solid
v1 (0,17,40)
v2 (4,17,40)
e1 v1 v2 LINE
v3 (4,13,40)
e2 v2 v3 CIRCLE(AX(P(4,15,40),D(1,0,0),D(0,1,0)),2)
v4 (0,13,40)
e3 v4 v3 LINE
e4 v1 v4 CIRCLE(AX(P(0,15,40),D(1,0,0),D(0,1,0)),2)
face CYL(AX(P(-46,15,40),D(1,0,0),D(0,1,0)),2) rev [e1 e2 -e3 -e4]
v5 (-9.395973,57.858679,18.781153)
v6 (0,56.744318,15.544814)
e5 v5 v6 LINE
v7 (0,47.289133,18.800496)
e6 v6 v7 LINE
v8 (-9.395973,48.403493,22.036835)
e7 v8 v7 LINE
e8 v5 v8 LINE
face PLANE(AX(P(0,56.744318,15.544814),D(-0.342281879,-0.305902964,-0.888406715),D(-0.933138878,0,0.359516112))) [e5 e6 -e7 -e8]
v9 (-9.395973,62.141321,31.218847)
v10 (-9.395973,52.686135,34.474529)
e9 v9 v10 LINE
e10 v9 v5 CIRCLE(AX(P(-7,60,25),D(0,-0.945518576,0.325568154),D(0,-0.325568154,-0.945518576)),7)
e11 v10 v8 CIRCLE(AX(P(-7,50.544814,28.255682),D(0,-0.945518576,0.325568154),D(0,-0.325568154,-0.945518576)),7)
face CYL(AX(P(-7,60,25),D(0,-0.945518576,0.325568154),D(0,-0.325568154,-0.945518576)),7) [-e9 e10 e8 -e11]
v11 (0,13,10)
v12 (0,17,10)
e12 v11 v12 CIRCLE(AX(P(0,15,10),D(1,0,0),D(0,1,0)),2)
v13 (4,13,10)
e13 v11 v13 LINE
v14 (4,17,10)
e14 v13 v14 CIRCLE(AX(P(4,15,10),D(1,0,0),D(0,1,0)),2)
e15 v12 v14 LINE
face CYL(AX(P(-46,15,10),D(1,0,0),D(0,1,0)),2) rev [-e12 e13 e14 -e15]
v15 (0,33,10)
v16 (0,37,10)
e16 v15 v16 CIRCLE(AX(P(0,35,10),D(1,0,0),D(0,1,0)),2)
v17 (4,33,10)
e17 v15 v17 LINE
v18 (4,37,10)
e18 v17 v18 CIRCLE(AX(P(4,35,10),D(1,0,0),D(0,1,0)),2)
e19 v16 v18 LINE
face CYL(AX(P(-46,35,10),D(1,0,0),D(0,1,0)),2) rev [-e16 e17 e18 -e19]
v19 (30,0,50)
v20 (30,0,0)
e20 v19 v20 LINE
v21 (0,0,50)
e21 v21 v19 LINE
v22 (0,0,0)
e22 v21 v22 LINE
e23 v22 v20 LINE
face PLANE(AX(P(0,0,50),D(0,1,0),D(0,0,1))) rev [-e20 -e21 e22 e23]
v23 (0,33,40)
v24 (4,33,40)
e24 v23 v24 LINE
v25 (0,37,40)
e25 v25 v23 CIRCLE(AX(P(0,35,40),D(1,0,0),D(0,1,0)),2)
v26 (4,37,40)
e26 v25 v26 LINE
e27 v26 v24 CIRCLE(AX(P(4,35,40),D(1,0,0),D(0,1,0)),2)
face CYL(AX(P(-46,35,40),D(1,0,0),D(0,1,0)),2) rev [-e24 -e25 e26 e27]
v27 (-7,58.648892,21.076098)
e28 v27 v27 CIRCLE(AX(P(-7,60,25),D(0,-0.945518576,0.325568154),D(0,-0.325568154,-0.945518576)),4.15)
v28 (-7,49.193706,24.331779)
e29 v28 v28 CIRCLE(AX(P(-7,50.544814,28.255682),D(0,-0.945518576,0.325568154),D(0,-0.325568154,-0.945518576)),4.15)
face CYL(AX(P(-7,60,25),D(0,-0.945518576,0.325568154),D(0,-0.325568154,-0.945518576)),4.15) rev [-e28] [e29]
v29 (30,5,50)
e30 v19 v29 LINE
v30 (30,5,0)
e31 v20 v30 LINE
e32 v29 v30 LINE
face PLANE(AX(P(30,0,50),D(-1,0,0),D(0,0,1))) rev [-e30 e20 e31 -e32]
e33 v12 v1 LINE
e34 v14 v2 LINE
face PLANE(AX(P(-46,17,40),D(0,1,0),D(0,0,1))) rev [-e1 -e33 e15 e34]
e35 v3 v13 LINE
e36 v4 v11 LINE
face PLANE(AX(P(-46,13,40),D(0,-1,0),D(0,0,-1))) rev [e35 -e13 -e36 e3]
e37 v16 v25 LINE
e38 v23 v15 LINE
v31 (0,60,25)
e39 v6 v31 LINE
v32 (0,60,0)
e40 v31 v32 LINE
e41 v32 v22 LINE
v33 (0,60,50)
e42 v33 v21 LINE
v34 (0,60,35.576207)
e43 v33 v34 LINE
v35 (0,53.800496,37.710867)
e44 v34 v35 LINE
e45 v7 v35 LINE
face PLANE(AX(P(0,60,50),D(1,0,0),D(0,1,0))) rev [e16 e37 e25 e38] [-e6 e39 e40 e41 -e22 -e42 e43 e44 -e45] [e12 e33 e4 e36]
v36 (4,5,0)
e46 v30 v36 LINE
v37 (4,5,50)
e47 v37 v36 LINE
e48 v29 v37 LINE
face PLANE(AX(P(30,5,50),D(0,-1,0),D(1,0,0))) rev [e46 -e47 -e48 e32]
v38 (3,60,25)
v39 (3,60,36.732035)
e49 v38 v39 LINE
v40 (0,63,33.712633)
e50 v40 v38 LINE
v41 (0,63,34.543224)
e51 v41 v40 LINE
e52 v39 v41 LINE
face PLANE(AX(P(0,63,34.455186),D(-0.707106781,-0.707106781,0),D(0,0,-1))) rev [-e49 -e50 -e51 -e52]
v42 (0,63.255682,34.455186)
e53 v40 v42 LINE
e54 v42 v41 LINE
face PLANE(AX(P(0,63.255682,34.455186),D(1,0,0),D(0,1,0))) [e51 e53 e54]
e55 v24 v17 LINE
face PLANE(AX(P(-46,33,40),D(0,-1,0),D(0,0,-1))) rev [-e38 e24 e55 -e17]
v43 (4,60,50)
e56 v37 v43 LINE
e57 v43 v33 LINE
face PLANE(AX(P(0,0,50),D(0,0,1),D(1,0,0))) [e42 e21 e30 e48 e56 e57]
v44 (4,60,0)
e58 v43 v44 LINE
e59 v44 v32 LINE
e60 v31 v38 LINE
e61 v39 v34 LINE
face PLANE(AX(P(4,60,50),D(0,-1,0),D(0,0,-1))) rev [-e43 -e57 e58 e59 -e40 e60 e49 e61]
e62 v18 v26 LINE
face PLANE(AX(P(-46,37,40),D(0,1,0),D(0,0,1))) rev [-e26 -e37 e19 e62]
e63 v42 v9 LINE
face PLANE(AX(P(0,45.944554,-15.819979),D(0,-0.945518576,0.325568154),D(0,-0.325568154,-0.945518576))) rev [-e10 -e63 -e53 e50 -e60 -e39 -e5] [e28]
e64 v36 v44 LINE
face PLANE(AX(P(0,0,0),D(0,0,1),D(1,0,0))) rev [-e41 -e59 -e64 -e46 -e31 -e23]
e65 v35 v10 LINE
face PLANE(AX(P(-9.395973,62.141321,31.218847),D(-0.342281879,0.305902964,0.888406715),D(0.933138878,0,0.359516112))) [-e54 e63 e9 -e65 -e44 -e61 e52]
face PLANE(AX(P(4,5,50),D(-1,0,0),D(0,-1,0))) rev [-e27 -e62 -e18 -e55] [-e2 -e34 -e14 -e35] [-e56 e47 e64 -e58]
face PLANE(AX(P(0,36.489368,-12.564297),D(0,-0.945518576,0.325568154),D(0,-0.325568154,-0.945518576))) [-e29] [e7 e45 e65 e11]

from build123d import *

# Parameters (mm, degrees)
RESSALTO_EXTRUS_O1_DEPTH = 50
CORTE_EXTRUS_O1_DEPTH    = 50
F_3DSKETCH1_R            = 4.15
RESSALTO_EXTRUS_O2_DEPTH = 10
CHANFRO1_SIZE            = 3


with BuildPart() as part:
    # Esboço2 → Ressalto-extrusão1 (new body)
    with BuildSketch(Plane.XY):
        Polygon((0, 0), (30, 0), (30, 5), (4, 5), (4, 60), (0, 60), align=None)
    extrude(amount=RESSALTO_EXTRUS_O1_DEPTH)

    # Esboço3 → Corte-extrusão1 (cut)
    with BuildSketch(Plane(origin=(4, 0, 0), x_dir=(0, 0, -1), z_dir=(1, 0, 0))):
        with BuildLine():
            Line((-40, 37), (-10, 37))
            ThreePointArc((-10, 37), (-8, 35), (-10, 33))
            Line((-10, 33), (-40, 33))
            ThreePointArc((-40, 33), (-42, 35), (-40, 37))
        make_face()
        with BuildLine():
            Line((-40, 17), (-10, 17))
            ThreePointArc((-10, 17), (-8, 15), (-10, 13))
            Line((-10, 13), (-40, 13))
            ThreePointArc((-40, 13), (-42, 15), (-40, 17))
        make_face()
    extrude(amount=-CORTE_EXTRUS_O1_DEPTH, mode=Mode.SUBTRACT)

    # 3DSketch1 → Ressalto-extrusão2 (add)
    with BuildSketch(Plane(origin=(-9.395973154, 62.141320747, 31.218847007), x_dir=(0.493101437864631, -0.2832351206870136, -0.8225745184390569), z_dir=(0, -0.9455185755993176, 0.3255681544571544))):
        with BuildLine():
            Line((0, 0), (1.65541197, 9.862028757))
            Line((1.65541197, 9.862028757), (19.05484842, 0))
            Line((19.05484842, 0), (11.443924645, -6.486435022))
            ThreePointArc((11.443924645, -6.486435022), (3.451710065, -7.248591137), (0, 0))
        make_face()
        with Locations(Location((6.90342013, -1.158788379, 0), (0, 0, 330.45536526))):
            Circle(F_3DSKETCH1_R, mode=Mode.SUBTRACT)
    extrude(amount=RESSALTO_EXTRUS_O2_DEPTH)

    # Chanfro1
    chanfro1_edges = [part.edges().sort_by_distance(p)[0] for p in [
        (0, 60, 30.288103406),
    ]]
    chamfer(chanfro1_edges, length=CHANFRO1_SIZE)


solid = part.part
